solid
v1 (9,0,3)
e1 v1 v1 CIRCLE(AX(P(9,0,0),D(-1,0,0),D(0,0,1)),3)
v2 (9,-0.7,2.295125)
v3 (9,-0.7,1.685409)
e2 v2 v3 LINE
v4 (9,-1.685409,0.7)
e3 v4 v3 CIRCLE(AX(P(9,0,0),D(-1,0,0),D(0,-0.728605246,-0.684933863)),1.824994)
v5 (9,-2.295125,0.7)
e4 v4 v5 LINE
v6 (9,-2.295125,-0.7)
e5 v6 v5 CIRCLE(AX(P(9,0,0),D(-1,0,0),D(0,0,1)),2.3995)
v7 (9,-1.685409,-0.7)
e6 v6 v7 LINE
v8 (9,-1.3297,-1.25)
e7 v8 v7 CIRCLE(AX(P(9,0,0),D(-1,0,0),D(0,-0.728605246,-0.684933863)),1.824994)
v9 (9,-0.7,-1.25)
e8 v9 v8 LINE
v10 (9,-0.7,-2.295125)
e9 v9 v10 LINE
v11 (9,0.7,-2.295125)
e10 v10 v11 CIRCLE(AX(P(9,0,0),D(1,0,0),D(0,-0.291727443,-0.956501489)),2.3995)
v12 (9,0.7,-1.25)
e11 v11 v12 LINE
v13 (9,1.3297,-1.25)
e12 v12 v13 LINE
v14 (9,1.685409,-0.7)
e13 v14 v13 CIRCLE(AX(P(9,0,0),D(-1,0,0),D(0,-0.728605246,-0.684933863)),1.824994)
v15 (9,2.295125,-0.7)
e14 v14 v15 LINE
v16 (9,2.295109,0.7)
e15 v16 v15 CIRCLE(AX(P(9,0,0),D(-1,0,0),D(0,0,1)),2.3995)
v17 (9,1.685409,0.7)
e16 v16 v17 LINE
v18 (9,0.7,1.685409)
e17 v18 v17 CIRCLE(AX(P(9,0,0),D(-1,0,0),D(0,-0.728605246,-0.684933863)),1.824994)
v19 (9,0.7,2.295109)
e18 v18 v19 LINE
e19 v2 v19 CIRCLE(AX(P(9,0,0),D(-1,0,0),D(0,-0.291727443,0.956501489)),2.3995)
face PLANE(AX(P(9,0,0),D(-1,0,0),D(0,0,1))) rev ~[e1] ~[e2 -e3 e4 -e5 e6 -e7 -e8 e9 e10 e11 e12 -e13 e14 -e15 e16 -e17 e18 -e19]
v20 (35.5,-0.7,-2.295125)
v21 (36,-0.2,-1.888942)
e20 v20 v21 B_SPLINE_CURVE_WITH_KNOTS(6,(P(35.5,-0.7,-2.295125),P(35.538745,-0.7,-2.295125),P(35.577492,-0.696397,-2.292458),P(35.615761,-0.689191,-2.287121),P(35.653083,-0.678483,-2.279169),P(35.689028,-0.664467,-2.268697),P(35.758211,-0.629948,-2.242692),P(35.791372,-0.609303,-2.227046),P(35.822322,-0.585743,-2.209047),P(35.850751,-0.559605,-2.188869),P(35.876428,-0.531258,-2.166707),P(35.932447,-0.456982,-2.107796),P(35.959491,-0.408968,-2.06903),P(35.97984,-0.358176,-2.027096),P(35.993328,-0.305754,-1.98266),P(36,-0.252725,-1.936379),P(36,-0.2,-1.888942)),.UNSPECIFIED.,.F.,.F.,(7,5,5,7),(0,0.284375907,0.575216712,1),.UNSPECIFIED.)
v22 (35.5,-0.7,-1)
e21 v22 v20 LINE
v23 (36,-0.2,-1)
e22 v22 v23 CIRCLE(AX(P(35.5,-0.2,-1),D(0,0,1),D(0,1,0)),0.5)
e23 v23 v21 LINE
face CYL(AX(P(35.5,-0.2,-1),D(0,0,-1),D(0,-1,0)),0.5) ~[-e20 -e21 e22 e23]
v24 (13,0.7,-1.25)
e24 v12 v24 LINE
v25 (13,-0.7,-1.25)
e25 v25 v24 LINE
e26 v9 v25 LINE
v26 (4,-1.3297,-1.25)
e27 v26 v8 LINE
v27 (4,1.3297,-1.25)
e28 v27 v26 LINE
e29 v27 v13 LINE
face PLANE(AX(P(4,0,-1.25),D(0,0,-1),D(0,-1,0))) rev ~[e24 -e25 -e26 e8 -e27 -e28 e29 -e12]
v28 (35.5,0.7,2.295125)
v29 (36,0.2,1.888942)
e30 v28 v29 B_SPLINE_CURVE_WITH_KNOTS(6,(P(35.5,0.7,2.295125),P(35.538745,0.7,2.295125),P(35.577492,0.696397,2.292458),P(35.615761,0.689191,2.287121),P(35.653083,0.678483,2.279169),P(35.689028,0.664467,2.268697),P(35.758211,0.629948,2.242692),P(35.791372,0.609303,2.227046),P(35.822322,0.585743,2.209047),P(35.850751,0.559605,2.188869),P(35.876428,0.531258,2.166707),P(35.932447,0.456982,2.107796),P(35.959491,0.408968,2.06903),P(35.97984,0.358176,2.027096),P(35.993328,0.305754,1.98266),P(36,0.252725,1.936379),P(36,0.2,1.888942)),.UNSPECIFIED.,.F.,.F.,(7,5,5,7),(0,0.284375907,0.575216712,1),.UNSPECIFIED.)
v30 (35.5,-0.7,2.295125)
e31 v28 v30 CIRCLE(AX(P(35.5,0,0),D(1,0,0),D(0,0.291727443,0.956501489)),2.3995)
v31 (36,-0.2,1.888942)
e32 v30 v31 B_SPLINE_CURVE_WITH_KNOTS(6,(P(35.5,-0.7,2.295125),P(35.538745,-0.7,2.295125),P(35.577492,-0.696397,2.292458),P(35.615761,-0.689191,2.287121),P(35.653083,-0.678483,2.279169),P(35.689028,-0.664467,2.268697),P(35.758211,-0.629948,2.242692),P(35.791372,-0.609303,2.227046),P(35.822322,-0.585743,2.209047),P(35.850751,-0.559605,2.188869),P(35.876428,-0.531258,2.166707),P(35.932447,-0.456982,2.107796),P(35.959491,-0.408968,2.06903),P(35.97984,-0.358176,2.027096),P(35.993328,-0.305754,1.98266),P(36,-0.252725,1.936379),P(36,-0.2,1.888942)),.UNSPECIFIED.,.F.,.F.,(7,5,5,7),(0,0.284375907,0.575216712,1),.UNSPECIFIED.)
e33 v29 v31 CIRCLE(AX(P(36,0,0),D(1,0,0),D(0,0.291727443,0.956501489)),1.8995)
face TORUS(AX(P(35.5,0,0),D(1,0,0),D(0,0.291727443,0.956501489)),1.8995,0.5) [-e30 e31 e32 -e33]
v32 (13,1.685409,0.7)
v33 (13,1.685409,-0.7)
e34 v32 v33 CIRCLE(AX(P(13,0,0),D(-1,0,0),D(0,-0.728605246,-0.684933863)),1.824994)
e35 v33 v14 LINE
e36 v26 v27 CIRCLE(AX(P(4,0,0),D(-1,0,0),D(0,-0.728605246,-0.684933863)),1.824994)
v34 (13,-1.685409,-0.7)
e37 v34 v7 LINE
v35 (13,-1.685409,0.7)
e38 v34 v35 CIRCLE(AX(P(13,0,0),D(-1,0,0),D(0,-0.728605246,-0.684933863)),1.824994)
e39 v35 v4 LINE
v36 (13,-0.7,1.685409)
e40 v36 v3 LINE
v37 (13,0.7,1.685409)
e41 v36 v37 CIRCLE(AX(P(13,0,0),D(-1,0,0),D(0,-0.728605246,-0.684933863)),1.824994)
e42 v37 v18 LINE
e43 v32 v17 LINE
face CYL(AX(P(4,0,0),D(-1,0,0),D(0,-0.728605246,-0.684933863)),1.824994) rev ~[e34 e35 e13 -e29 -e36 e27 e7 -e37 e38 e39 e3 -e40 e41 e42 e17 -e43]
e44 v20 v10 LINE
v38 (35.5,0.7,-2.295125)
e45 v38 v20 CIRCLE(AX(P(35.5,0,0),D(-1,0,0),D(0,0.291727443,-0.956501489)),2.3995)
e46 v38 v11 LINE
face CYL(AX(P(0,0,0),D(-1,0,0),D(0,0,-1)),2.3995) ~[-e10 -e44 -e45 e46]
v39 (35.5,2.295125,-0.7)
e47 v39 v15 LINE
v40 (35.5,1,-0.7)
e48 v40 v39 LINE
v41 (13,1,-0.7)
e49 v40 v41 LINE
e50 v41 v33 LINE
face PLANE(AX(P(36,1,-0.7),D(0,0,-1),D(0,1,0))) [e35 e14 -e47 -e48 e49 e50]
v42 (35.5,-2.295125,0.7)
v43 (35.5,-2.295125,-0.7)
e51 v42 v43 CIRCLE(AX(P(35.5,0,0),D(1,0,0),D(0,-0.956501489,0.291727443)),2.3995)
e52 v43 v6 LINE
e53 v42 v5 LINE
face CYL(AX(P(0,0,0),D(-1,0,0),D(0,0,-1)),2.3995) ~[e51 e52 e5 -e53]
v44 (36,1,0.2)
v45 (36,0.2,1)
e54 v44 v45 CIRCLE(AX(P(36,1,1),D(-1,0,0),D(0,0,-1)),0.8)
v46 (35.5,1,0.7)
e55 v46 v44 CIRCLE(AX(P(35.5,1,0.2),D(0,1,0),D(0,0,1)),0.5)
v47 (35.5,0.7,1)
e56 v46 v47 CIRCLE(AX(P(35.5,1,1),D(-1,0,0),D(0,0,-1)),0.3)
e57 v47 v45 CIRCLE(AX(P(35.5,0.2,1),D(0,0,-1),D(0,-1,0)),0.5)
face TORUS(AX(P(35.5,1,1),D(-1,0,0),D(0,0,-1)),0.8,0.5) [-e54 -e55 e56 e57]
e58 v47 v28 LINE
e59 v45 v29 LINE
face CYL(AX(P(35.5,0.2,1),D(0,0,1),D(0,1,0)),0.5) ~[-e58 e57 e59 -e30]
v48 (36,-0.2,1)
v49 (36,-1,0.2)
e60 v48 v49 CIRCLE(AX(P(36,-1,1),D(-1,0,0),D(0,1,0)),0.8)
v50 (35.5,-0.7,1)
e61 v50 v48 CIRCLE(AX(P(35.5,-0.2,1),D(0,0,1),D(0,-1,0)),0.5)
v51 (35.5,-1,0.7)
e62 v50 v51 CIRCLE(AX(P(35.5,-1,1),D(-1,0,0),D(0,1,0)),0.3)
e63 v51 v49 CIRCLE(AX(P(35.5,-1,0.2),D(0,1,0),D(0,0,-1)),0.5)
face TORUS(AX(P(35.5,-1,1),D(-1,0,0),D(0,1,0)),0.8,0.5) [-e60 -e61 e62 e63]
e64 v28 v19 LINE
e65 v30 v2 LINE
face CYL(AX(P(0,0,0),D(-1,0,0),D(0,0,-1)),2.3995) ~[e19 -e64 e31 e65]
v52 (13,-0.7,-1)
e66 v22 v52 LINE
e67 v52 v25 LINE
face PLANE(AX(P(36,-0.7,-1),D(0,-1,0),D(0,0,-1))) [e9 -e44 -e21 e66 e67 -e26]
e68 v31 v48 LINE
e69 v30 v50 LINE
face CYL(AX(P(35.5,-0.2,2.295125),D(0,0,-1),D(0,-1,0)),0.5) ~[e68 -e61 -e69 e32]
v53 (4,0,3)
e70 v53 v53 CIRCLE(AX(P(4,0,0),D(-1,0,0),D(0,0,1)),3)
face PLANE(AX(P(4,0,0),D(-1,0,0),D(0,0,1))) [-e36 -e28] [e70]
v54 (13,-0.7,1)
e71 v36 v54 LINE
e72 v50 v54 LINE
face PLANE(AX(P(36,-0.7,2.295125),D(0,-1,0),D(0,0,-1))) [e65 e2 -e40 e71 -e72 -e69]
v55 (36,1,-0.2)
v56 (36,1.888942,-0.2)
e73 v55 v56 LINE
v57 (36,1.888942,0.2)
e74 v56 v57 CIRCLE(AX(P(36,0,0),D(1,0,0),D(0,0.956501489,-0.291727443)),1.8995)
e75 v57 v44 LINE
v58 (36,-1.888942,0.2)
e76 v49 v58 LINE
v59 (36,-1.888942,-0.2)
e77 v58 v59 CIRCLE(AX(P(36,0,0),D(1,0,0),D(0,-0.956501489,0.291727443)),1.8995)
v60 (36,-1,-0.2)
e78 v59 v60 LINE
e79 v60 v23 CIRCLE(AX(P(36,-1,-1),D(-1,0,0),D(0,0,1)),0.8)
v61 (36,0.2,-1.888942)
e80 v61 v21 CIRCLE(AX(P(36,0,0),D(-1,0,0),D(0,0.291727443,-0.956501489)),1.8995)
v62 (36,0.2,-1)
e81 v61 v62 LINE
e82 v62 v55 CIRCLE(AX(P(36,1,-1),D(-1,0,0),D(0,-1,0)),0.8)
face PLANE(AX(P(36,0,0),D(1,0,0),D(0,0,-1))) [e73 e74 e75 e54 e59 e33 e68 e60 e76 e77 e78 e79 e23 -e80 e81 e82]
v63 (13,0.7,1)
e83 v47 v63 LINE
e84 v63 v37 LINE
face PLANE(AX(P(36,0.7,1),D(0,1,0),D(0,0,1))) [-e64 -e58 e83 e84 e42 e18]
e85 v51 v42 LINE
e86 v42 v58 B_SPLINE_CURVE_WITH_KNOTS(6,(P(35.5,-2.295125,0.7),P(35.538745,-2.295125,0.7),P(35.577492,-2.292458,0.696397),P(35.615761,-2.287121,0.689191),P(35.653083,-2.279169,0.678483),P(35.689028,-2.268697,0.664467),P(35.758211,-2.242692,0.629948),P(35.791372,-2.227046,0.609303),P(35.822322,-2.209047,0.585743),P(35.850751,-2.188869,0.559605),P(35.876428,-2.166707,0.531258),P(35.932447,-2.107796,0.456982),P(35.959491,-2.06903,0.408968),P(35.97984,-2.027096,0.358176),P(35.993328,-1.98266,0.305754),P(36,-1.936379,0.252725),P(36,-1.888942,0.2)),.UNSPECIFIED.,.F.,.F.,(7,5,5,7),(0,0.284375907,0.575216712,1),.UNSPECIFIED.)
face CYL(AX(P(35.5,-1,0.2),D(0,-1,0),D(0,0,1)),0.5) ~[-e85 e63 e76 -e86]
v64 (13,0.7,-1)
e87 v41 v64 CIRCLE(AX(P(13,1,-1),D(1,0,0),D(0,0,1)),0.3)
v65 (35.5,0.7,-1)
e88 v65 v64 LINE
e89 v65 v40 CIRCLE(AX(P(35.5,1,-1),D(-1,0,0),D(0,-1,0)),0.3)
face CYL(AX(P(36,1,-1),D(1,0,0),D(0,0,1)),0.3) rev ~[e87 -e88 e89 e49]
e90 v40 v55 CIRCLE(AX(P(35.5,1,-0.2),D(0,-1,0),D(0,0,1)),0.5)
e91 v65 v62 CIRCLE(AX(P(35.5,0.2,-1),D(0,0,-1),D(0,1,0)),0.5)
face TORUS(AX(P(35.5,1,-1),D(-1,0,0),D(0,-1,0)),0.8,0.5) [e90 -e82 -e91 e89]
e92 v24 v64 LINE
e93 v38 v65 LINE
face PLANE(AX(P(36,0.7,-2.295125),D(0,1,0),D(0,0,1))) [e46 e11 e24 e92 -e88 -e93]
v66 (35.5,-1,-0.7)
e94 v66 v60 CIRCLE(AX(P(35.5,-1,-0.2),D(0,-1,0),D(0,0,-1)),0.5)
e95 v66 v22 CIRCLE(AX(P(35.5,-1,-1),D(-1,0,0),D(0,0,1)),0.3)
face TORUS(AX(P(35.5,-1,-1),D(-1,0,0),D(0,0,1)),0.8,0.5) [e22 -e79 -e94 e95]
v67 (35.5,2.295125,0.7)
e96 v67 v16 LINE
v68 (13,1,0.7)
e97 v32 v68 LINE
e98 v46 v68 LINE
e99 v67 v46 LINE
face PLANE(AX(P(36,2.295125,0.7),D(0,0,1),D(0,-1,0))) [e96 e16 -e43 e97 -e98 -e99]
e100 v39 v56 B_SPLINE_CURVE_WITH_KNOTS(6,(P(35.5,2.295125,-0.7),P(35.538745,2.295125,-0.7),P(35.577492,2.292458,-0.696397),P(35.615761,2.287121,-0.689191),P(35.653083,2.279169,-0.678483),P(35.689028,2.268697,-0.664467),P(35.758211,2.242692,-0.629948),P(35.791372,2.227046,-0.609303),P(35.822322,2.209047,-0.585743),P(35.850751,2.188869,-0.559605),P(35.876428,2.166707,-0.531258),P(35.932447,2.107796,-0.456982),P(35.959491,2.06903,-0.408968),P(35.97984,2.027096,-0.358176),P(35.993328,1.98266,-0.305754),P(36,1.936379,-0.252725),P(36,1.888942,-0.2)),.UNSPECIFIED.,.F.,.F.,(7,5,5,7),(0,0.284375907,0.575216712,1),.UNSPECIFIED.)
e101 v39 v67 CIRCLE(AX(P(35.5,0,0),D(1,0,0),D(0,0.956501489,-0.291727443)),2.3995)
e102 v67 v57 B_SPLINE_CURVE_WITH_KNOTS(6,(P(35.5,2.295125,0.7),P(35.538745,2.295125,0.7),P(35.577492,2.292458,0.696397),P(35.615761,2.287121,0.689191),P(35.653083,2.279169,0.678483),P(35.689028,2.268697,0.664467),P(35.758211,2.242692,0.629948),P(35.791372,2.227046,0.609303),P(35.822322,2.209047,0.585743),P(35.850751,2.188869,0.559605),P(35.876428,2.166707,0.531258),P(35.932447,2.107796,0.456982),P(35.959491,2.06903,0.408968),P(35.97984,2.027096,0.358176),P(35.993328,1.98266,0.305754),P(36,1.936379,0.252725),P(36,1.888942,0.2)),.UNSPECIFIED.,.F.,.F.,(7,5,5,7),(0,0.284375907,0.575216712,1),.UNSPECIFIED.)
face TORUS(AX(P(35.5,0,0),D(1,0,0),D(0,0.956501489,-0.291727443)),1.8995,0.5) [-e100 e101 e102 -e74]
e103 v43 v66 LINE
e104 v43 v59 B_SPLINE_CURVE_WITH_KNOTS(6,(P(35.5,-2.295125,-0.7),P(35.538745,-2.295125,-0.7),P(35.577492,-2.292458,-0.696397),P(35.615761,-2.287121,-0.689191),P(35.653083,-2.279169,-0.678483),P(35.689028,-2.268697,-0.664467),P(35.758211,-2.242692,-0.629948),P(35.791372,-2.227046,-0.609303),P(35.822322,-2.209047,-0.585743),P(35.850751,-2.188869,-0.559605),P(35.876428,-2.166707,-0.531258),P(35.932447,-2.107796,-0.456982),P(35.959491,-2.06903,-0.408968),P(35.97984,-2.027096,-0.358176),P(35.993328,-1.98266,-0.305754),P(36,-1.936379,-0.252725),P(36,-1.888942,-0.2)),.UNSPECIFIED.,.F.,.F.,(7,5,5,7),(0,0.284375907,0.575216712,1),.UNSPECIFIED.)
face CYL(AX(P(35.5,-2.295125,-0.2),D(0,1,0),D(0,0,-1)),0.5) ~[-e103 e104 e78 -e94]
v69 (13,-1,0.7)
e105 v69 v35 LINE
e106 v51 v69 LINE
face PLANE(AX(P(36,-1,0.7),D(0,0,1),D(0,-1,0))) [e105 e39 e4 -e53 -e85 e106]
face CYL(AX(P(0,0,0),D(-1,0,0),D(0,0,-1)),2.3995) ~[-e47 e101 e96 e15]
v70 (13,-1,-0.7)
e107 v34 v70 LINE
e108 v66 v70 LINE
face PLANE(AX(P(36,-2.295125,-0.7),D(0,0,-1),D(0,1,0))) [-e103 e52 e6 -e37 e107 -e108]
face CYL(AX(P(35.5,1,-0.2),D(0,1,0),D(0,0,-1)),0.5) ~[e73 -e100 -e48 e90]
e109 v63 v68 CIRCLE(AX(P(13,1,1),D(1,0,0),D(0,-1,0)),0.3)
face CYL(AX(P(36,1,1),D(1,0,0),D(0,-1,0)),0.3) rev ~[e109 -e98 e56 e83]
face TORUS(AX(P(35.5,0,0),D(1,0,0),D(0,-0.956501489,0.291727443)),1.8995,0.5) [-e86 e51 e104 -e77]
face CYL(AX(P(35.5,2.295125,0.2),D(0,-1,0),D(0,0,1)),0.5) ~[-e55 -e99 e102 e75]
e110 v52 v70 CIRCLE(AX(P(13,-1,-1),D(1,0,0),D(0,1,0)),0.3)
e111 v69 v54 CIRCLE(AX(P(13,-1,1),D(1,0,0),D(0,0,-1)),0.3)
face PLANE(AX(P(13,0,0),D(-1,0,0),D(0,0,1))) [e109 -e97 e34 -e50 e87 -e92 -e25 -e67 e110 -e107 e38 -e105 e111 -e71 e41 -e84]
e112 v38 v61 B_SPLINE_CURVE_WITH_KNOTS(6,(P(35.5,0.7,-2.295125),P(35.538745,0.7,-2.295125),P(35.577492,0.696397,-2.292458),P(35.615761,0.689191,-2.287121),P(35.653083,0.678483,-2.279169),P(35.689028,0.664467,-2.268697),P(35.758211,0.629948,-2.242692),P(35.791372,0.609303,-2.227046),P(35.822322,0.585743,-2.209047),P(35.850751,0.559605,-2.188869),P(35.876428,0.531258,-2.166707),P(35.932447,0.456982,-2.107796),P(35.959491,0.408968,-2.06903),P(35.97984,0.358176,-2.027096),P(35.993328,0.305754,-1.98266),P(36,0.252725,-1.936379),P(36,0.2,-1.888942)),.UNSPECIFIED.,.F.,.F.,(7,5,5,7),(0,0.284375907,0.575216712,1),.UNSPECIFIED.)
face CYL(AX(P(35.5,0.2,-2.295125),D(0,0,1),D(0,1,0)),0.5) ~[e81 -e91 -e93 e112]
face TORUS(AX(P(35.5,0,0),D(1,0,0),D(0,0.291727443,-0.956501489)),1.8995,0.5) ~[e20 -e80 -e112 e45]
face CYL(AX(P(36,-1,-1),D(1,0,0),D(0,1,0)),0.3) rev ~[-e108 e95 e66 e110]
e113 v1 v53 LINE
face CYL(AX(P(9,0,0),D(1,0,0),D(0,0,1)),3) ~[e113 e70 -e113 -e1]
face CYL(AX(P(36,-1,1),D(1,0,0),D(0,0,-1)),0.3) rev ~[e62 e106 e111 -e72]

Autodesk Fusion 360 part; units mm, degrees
sketch "Sketch1" plane through (0, 0, 0) normal (1, 0, 0) x (0, 0, -1)
  circle A0 centre (0, 0) radius 2.3995
  dimension "d1" = 4.799
extrude "Extrude1" add sketch "Sketch1" along normal blind 36
sketch "Sketch2" plane through (36, 0, 0) normal (1, 0, 0) x (0, 0, -1)
  circle A0 centre (0, 0) radius 2.3995
  line L0 (0.7, 2.3995) -> (-0.7, 2.3995)
  line L1 (-0.7, -2.3995) -> (0.7, -2.3995)
  line L2 (0.7, 2.3995) -> (-0.7, -2.3995) construction
  line L3 (-0.7, 2.3995) -> (0.7, -2.3995) construction
  line L4 (-2.3995, 0.7) -> (-2.3995, -0.7)
  line L5 (2.3995, -0.7) -> (2.3995, 0.7)
  line L6 (2.3995, 0.7) -> (-2.3995, -0.7) construction
  line L7 (-2.3995, 0.7) -> (2.3995, -0.7) construction
  line L8 (-0.7, 2.3995) -> (-0.7, 1)
  line L9 (-0.7, -1) -> (-0.7, -2.3995)
  line L10 (-2.3995, -0.7) -> (-1, -0.7)
  line L11 (1, -0.7) -> (2.3995, -0.7)
  line L12 (0.7, -2.3995) -> (0.7, -1)
  line L13 (0.7, 1) -> (0.7, 2.3995)
  line L14 (2.3995, 0.7) -> (1, 0.7)
  line L15 (-1, 0.7) -> (-2.3995, 0.7)
  arc A1 (-1, 0.7) -> (-0.7, 1) centre (-1, 1) ccw
  arc A2 (0.7, 1) -> (1, 0.7) centre (1, 1) ccw
  arc A3 (1, -0.7) -> (0.7, -1) centre (1, -1) ccw
  arc A4 (-0.7, -1) -> (-1, -0.7) centre (-1, -1) ccw
  dimension "d4" = 4.799
  dimension "d5" = 1.4
  dimension "d6" = 4.799
  dimension "d7" = 1.4
  dimension "d8" = 0.3
  dimension "d11" = 0.3
extrude "Extrude2" cut sketch "Sketch2" against normal blind 27 contours A0 L13 L14 A2 | A0 L11 L12 A3 | A0 L8 L15 A1 | A0 L9 L10 A4
sketch "Sketch4" plane through (0, 0, 0) normal (-1, 0, 0) x (0, 0, 1)
  circle A0 centre (0, 0) radius 2.3995
  circle A1 centre (0, 0) radius 2.3995
  arc A2 (2.2951, 0.7) -> (0.7, 2.2951) centre (0, 0) ccw
extrude "Extrude4" cut sketch "Sketch4" against normal blind 9
sketch "Sketch5" plane through (9, 0, 0) normal (-1, 0, 0) x (0, 0, 1)
  line L0 (-2.2951, -0.7) -> (-1, -0.7)
  arc A0 (-0.7, -1) -> (-1, -0.7) centre (-1, -1) ccw
  line L1 (-0.7, -1) -> (-0.7, -2.2951)
  arc A1 (-0.7, -2.2951) -> (0.7, -2.2951) centre (0, 0) ccw
  line L2 (0.7, -2.2951) -> (0.7, -1)
  arc A2 (1, -0.7) -> (0.7, -1) centre (1, -1) ccw
  line L3 (1, -0.7) -> (2.2951, -0.7)
  arc A3 (2.2951, -0.7) -> (2.2951, 0.7) centre (0, 0) ccw
  line L4 (2.2951, 0.7) -> (1, 0.7)
  arc A4 (0.7, 1) -> (1, 0.7) centre (1, 1) ccw
  line L5 (0.7, 1) -> (0.7, 2.2951)
  arc A5 (0.7, 2.2951) -> (-0.7, 2.2951) centre (0, 0) ccw
  line L6 (-0.7, 2.2951) -> (-0.7, 1)
  arc A6 (-1, 0.7) -> (-0.7, 1) centre (-1, 1) ccw
  line L7 (-1, 0.7) -> (-2.2951, 0.7)
  arc A7 (-2.2951, 0.7) -> (-2.2951, -0.7) centre (0, 0) ccw
  circle A8 centre (0, 0) radius 3
  dimension "d19" = 6
extrude "Extrude5" add sketch "Sketch5" along normal blind 5 contours L0 A0 L1 A1 L2 A2 L3 A3 L4 A4 L5 A5 L6 A6 L7 A7 | A8
sketch "Sketch6" plane through (4, 0, 0) normal (-1, 0, 0) x (0, 0, 1)
  circle A0 centre (0, 0) radius 3
  line L0 (-1.25, 0) -> (-1.25, 1.3297)
  line L1 (-2.2951, 0.7) -> (-1, 0.7)
  line L2 (-1.25, 1.3297) -> (-1.25, -1.3297)
  arc A1 (-1.25, -1.3297) -> (-1.25, 1.3297) centre (0, 0) ccw
  point P0 (-0.7, -2.2951)
  dimension "d22" = 3.65
  dimension "d23" = 1.25
extrude "Extrude6" cut sketch "Sketch6" against normal blind 9 contours L0 L2 A1
fillet "Fillet3" radius 0.5 16 edges at (36, 2.3995, 0) (36, 0.7, -1.6476) (36, 0.7879, -0.7879) (36, 1.6476, -0.7) (36, 1.6476, 0.7) (36, 0.7879, 0.7879) (36, 0.7, 1.6476) (36, 0, 2.3995) (36, -0.7, 1.6476) (36, -0.7879, 0.7879) (36, -1.6476, 0.7) (36, -2.3995, 0) (36, -1.6476, -0.7) (36, -0.7879, -0.7879) (36, -0.7, -1.6476) (36, 0, -2.3995)
